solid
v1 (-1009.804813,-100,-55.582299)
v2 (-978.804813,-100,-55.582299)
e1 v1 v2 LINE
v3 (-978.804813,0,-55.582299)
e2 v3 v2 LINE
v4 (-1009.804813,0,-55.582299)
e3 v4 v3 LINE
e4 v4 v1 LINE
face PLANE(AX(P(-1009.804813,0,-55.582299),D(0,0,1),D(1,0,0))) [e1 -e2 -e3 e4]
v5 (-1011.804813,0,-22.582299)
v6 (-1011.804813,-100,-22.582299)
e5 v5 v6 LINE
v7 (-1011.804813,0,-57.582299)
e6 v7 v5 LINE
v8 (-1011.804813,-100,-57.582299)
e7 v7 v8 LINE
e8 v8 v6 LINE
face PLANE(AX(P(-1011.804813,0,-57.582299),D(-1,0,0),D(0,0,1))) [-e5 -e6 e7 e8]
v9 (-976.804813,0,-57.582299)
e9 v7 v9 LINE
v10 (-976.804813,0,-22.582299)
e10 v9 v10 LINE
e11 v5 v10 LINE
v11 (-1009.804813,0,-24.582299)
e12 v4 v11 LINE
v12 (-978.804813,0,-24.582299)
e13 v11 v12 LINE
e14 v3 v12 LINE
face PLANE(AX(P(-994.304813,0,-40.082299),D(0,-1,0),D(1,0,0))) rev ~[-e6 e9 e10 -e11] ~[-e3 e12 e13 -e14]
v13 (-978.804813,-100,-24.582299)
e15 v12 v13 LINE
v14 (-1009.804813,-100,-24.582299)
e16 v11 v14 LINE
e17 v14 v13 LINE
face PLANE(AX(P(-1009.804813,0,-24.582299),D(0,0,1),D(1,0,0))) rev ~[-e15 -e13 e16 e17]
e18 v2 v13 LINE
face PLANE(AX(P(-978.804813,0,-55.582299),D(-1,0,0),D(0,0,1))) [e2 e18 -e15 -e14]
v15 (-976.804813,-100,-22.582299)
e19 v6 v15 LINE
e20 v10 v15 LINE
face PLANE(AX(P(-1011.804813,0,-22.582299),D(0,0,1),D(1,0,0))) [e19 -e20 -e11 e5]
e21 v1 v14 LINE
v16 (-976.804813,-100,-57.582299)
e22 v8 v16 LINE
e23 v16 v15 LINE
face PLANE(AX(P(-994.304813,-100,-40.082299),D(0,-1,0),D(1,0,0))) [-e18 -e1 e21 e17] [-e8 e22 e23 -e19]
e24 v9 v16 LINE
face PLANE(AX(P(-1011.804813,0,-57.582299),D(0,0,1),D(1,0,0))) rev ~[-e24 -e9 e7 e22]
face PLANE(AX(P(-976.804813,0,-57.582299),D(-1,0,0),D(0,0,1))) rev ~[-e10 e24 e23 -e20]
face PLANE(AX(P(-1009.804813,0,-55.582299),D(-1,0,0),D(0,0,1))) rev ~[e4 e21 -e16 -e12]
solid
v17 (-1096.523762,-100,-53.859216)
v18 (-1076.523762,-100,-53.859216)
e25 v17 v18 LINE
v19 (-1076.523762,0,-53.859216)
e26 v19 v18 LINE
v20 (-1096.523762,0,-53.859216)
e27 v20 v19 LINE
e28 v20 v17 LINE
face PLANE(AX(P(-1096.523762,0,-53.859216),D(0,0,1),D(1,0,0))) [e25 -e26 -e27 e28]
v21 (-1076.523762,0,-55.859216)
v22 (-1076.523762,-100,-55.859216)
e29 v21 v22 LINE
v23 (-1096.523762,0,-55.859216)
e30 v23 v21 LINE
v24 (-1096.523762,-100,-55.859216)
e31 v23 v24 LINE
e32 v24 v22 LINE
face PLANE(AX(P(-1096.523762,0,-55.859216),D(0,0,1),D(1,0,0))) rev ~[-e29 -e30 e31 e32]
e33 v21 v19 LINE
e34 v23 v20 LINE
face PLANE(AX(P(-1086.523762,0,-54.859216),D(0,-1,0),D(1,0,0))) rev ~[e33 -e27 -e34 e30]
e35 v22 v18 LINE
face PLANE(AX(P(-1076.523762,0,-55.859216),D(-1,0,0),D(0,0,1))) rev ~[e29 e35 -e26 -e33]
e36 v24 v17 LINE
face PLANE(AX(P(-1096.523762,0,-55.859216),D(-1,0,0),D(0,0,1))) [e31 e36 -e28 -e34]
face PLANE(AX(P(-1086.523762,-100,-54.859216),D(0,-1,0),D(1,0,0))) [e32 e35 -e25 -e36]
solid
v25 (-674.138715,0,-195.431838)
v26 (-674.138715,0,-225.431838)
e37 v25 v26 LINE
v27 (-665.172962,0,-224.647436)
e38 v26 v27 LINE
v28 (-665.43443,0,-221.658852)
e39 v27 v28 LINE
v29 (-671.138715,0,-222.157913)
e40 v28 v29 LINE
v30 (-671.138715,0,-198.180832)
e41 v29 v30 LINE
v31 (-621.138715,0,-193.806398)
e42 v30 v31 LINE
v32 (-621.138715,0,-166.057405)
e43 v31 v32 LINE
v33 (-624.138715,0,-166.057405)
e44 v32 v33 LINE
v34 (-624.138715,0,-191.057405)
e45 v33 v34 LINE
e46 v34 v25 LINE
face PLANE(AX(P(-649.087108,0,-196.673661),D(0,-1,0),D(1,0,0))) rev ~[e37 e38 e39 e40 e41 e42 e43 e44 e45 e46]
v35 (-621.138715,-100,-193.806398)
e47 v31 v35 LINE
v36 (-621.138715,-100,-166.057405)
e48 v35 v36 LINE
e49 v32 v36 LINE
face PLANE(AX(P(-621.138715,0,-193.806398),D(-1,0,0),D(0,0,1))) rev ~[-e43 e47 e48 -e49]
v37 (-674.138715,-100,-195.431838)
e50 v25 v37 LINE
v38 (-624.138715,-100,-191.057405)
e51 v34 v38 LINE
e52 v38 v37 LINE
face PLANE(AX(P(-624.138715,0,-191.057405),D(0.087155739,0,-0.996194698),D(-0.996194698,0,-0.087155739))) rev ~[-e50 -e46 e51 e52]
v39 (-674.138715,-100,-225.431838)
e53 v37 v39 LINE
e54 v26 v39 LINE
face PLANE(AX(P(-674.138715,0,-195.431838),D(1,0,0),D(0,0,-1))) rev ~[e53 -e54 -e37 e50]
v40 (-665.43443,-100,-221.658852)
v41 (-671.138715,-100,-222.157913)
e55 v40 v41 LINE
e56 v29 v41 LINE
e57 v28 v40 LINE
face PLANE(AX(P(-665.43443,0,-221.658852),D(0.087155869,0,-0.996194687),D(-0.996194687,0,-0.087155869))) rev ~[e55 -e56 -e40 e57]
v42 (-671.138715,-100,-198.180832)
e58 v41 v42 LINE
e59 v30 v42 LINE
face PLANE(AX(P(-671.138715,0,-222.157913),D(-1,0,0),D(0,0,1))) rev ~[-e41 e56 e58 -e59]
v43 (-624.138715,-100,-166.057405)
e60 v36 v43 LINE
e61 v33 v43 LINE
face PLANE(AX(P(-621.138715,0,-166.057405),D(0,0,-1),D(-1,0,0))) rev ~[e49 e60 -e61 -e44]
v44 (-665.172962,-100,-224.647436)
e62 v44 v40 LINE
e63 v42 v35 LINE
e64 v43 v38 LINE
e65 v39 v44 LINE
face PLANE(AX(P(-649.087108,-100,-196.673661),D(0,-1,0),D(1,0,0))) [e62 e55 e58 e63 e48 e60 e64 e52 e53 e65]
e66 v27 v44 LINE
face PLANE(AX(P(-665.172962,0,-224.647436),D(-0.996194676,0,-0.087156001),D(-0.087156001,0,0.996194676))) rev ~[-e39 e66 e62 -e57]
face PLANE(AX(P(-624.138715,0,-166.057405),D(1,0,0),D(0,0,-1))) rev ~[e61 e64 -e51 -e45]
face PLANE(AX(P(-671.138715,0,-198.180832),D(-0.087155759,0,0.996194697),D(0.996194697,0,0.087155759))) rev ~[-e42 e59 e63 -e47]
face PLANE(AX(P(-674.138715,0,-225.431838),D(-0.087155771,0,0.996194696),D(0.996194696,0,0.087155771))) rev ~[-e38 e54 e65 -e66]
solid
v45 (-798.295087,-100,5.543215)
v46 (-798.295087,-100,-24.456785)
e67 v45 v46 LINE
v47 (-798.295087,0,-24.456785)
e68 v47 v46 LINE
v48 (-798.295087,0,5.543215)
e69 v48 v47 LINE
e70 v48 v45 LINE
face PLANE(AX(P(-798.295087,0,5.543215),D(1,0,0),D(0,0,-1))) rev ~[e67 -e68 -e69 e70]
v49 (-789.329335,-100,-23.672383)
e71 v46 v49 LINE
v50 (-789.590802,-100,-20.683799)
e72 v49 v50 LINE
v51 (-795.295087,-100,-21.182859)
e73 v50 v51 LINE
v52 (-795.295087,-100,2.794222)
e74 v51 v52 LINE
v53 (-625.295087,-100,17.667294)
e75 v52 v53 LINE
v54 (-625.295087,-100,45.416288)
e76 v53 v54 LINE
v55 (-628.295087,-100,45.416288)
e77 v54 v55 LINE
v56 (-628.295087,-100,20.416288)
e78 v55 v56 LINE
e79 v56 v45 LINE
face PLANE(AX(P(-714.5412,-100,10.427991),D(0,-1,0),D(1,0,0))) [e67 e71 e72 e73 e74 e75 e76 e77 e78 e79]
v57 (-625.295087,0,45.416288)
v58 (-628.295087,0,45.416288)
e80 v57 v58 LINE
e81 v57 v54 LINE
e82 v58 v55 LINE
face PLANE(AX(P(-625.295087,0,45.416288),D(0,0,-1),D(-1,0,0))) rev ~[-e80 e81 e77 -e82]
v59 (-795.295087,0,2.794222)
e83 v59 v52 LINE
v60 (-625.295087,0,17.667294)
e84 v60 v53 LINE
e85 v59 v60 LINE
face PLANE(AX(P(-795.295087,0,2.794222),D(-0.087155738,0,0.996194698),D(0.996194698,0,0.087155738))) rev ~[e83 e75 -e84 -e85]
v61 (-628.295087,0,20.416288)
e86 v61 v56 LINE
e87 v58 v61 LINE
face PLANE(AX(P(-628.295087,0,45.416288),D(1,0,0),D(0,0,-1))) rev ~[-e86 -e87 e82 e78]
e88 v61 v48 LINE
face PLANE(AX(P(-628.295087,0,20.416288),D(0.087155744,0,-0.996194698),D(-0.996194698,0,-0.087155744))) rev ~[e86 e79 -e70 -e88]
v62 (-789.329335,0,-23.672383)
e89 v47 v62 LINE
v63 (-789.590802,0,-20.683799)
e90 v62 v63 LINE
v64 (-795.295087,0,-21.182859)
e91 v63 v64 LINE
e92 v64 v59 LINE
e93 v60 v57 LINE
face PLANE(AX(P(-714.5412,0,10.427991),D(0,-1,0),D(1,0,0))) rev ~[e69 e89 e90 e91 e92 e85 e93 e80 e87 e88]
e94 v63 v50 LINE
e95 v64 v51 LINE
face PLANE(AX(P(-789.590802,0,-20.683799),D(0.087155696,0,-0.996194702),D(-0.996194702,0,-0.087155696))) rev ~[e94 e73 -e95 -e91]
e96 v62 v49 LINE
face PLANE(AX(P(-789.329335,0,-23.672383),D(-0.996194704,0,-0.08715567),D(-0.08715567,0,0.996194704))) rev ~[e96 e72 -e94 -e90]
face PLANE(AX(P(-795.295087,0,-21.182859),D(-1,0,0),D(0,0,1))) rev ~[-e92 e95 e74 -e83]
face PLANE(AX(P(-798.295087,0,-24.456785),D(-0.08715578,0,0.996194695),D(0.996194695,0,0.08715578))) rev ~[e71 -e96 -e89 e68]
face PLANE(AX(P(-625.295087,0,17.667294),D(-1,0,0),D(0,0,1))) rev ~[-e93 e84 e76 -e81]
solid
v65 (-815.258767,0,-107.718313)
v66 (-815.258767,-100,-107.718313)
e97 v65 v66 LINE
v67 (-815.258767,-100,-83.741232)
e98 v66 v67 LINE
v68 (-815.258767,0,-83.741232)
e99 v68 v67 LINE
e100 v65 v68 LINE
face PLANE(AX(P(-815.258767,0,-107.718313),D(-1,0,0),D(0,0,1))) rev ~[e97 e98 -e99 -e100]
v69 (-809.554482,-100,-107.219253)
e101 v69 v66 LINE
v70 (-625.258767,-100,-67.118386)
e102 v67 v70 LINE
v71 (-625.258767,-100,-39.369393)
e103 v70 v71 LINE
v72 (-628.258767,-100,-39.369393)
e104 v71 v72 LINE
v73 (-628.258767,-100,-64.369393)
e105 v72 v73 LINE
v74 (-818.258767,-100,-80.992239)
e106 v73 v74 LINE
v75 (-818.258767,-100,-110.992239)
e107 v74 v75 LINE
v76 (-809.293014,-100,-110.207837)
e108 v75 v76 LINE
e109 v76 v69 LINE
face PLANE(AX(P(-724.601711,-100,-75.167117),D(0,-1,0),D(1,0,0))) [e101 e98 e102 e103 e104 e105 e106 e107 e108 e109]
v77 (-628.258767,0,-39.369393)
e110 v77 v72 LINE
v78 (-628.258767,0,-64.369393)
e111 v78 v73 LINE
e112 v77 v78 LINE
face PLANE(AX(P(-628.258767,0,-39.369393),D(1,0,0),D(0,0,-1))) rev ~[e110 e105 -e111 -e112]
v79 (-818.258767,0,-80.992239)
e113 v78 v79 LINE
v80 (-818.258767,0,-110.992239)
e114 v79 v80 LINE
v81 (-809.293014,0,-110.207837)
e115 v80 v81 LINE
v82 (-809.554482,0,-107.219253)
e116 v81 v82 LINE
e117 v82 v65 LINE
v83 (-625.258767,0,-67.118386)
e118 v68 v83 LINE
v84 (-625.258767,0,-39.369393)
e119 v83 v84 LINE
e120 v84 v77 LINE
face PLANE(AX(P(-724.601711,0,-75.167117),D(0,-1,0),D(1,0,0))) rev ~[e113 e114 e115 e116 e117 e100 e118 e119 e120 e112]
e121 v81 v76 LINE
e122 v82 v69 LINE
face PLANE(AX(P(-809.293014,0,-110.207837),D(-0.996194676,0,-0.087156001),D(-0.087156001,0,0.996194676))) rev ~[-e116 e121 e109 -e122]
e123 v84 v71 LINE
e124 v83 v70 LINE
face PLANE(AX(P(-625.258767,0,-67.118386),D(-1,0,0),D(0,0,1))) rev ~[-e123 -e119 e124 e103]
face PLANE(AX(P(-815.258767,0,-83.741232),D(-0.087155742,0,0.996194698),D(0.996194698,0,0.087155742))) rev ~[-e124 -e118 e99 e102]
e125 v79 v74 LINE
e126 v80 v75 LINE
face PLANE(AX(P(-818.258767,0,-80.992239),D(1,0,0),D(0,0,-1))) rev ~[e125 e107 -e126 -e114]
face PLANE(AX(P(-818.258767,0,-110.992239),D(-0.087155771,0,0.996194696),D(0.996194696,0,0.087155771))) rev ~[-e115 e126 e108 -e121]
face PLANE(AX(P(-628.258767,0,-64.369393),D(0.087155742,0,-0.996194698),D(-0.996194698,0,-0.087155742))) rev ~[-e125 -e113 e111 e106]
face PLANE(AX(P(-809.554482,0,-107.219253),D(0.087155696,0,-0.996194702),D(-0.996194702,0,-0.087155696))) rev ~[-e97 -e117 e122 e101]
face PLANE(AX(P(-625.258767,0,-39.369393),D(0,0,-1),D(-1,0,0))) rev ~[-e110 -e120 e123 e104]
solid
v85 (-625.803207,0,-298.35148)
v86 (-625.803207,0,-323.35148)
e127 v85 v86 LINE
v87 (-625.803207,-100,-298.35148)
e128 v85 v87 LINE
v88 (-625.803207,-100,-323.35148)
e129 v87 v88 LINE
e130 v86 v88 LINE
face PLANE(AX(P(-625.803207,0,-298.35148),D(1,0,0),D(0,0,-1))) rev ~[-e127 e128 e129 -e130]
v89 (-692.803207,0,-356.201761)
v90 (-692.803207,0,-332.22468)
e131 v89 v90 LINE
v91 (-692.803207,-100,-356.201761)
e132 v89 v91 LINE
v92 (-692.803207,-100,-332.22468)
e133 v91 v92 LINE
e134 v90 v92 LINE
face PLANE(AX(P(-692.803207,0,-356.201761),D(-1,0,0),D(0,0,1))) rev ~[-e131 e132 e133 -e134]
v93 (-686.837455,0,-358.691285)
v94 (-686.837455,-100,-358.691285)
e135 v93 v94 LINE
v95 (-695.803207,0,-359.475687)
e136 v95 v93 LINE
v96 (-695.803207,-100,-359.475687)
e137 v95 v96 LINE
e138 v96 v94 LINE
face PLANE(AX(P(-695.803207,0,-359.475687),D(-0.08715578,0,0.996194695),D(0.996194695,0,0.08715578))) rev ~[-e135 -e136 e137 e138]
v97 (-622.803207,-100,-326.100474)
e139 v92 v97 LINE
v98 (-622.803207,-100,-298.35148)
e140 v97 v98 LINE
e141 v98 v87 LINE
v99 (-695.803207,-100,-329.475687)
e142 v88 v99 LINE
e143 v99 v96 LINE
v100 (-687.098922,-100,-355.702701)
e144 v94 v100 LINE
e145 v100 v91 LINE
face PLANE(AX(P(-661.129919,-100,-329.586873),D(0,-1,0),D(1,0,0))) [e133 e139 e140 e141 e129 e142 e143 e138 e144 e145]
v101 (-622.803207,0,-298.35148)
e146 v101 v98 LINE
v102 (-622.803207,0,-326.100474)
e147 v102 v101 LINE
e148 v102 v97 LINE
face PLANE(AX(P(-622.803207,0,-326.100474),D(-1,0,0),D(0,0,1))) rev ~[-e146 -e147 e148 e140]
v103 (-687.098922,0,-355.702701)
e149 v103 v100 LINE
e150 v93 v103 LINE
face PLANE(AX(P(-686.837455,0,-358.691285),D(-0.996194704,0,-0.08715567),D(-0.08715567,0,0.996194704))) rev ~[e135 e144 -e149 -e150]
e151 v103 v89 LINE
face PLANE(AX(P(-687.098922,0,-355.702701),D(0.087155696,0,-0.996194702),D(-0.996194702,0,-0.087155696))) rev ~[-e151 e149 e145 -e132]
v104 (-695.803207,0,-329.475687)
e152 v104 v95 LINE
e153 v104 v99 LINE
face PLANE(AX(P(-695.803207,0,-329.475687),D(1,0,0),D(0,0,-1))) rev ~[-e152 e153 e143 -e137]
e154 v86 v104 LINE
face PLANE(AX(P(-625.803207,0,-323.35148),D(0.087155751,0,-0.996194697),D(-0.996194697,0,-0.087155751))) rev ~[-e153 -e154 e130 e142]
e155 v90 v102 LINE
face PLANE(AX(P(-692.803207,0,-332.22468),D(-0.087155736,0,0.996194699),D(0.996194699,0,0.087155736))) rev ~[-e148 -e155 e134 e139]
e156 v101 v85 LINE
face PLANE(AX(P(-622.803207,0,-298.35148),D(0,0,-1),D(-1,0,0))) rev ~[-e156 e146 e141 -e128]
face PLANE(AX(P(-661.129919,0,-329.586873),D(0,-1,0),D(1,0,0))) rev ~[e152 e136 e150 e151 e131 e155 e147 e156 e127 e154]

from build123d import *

# Parameters (mm, degrees)
F0_W     = 35
F0_H     = 35
F0_W_2   = 31
F0_H_2   = 31
F1_DEPTH = 100
F0_W_3   = 20
F0_H_3   = 2
F2_DEPTH = 100


with BuildPart() as f1:
    # F0 (on Front) → F1 (new body)
    with BuildSketch(Plane.XZ):
        with Locations((-994.304813, -40.082299)):
            Rectangle(F0_W, F0_H)
        with Locations((-994.304813, -40.082299)):
            Rectangle(F0_W_2, F0_H_2, mode=Mode.SUBTRACT)
    extrude(amount=F1_DEPTH)

    # F0 (on Front) → F2 (join)
    with BuildSketch(Plane.XZ):
        Polygon((-625.295087, 45.416288), (-628.295087, 45.416288), (-628.295087, 20.416288), (-798.295087, 5.543215), (-798.295087, -24.456785), (-789.329335, -23.672383), (-789.590802, -20.683799), (-795.295087, -21.182859), (-795.295087, 2.794222), (-625.295087, 17.667294), align=None)
        with Locations((-994.304813, -40.082299)):
            Rectangle(F0_W, F0_H)
        with Locations((-994.304813, -40.082299)):
            Rectangle(F0_W_2, F0_H_2, mode=Mode.SUBTRACT)
        with Locations((-1086.523762, -54.859216)):
            Rectangle(F0_W_3, F0_H_3)
        Polygon((-625.258767, -39.369393), (-628.258767, -39.369393), (-628.258767, -64.369393), (-818.258767, -80.992239), (-818.258767, -110.992239), (-809.293014, -110.207837), (-809.554482, -107.219253), (-815.258767, -107.718313), (-815.258767, -83.741232), (-625.258767, -67.118386), align=None)
        Polygon((-621.138715, -166.057405), (-624.138715, -166.057405), (-624.138715, -191.057405), (-674.138715, -195.431838), (-674.138715, -225.431838), (-665.172962, -224.647436), (-665.43443, -221.658852), (-671.138715, -222.157913), (-671.138715, -198.180832), (-621.138715, -193.806398), align=None)
        Polygon((-622.803207, -298.35148), (-625.803207, -298.35148), (-625.803207, -323.35148), (-695.803207, -329.475687), (-695.803207, -359.475687), (-686.837455, -358.691285), (-687.098922, -355.702701), (-692.803207, -356.201761), (-692.803207, -332.22468), (-622.803207, -326.100474), align=None)
    extrude(amount=F2_DEPTH)


solid = f1.part
